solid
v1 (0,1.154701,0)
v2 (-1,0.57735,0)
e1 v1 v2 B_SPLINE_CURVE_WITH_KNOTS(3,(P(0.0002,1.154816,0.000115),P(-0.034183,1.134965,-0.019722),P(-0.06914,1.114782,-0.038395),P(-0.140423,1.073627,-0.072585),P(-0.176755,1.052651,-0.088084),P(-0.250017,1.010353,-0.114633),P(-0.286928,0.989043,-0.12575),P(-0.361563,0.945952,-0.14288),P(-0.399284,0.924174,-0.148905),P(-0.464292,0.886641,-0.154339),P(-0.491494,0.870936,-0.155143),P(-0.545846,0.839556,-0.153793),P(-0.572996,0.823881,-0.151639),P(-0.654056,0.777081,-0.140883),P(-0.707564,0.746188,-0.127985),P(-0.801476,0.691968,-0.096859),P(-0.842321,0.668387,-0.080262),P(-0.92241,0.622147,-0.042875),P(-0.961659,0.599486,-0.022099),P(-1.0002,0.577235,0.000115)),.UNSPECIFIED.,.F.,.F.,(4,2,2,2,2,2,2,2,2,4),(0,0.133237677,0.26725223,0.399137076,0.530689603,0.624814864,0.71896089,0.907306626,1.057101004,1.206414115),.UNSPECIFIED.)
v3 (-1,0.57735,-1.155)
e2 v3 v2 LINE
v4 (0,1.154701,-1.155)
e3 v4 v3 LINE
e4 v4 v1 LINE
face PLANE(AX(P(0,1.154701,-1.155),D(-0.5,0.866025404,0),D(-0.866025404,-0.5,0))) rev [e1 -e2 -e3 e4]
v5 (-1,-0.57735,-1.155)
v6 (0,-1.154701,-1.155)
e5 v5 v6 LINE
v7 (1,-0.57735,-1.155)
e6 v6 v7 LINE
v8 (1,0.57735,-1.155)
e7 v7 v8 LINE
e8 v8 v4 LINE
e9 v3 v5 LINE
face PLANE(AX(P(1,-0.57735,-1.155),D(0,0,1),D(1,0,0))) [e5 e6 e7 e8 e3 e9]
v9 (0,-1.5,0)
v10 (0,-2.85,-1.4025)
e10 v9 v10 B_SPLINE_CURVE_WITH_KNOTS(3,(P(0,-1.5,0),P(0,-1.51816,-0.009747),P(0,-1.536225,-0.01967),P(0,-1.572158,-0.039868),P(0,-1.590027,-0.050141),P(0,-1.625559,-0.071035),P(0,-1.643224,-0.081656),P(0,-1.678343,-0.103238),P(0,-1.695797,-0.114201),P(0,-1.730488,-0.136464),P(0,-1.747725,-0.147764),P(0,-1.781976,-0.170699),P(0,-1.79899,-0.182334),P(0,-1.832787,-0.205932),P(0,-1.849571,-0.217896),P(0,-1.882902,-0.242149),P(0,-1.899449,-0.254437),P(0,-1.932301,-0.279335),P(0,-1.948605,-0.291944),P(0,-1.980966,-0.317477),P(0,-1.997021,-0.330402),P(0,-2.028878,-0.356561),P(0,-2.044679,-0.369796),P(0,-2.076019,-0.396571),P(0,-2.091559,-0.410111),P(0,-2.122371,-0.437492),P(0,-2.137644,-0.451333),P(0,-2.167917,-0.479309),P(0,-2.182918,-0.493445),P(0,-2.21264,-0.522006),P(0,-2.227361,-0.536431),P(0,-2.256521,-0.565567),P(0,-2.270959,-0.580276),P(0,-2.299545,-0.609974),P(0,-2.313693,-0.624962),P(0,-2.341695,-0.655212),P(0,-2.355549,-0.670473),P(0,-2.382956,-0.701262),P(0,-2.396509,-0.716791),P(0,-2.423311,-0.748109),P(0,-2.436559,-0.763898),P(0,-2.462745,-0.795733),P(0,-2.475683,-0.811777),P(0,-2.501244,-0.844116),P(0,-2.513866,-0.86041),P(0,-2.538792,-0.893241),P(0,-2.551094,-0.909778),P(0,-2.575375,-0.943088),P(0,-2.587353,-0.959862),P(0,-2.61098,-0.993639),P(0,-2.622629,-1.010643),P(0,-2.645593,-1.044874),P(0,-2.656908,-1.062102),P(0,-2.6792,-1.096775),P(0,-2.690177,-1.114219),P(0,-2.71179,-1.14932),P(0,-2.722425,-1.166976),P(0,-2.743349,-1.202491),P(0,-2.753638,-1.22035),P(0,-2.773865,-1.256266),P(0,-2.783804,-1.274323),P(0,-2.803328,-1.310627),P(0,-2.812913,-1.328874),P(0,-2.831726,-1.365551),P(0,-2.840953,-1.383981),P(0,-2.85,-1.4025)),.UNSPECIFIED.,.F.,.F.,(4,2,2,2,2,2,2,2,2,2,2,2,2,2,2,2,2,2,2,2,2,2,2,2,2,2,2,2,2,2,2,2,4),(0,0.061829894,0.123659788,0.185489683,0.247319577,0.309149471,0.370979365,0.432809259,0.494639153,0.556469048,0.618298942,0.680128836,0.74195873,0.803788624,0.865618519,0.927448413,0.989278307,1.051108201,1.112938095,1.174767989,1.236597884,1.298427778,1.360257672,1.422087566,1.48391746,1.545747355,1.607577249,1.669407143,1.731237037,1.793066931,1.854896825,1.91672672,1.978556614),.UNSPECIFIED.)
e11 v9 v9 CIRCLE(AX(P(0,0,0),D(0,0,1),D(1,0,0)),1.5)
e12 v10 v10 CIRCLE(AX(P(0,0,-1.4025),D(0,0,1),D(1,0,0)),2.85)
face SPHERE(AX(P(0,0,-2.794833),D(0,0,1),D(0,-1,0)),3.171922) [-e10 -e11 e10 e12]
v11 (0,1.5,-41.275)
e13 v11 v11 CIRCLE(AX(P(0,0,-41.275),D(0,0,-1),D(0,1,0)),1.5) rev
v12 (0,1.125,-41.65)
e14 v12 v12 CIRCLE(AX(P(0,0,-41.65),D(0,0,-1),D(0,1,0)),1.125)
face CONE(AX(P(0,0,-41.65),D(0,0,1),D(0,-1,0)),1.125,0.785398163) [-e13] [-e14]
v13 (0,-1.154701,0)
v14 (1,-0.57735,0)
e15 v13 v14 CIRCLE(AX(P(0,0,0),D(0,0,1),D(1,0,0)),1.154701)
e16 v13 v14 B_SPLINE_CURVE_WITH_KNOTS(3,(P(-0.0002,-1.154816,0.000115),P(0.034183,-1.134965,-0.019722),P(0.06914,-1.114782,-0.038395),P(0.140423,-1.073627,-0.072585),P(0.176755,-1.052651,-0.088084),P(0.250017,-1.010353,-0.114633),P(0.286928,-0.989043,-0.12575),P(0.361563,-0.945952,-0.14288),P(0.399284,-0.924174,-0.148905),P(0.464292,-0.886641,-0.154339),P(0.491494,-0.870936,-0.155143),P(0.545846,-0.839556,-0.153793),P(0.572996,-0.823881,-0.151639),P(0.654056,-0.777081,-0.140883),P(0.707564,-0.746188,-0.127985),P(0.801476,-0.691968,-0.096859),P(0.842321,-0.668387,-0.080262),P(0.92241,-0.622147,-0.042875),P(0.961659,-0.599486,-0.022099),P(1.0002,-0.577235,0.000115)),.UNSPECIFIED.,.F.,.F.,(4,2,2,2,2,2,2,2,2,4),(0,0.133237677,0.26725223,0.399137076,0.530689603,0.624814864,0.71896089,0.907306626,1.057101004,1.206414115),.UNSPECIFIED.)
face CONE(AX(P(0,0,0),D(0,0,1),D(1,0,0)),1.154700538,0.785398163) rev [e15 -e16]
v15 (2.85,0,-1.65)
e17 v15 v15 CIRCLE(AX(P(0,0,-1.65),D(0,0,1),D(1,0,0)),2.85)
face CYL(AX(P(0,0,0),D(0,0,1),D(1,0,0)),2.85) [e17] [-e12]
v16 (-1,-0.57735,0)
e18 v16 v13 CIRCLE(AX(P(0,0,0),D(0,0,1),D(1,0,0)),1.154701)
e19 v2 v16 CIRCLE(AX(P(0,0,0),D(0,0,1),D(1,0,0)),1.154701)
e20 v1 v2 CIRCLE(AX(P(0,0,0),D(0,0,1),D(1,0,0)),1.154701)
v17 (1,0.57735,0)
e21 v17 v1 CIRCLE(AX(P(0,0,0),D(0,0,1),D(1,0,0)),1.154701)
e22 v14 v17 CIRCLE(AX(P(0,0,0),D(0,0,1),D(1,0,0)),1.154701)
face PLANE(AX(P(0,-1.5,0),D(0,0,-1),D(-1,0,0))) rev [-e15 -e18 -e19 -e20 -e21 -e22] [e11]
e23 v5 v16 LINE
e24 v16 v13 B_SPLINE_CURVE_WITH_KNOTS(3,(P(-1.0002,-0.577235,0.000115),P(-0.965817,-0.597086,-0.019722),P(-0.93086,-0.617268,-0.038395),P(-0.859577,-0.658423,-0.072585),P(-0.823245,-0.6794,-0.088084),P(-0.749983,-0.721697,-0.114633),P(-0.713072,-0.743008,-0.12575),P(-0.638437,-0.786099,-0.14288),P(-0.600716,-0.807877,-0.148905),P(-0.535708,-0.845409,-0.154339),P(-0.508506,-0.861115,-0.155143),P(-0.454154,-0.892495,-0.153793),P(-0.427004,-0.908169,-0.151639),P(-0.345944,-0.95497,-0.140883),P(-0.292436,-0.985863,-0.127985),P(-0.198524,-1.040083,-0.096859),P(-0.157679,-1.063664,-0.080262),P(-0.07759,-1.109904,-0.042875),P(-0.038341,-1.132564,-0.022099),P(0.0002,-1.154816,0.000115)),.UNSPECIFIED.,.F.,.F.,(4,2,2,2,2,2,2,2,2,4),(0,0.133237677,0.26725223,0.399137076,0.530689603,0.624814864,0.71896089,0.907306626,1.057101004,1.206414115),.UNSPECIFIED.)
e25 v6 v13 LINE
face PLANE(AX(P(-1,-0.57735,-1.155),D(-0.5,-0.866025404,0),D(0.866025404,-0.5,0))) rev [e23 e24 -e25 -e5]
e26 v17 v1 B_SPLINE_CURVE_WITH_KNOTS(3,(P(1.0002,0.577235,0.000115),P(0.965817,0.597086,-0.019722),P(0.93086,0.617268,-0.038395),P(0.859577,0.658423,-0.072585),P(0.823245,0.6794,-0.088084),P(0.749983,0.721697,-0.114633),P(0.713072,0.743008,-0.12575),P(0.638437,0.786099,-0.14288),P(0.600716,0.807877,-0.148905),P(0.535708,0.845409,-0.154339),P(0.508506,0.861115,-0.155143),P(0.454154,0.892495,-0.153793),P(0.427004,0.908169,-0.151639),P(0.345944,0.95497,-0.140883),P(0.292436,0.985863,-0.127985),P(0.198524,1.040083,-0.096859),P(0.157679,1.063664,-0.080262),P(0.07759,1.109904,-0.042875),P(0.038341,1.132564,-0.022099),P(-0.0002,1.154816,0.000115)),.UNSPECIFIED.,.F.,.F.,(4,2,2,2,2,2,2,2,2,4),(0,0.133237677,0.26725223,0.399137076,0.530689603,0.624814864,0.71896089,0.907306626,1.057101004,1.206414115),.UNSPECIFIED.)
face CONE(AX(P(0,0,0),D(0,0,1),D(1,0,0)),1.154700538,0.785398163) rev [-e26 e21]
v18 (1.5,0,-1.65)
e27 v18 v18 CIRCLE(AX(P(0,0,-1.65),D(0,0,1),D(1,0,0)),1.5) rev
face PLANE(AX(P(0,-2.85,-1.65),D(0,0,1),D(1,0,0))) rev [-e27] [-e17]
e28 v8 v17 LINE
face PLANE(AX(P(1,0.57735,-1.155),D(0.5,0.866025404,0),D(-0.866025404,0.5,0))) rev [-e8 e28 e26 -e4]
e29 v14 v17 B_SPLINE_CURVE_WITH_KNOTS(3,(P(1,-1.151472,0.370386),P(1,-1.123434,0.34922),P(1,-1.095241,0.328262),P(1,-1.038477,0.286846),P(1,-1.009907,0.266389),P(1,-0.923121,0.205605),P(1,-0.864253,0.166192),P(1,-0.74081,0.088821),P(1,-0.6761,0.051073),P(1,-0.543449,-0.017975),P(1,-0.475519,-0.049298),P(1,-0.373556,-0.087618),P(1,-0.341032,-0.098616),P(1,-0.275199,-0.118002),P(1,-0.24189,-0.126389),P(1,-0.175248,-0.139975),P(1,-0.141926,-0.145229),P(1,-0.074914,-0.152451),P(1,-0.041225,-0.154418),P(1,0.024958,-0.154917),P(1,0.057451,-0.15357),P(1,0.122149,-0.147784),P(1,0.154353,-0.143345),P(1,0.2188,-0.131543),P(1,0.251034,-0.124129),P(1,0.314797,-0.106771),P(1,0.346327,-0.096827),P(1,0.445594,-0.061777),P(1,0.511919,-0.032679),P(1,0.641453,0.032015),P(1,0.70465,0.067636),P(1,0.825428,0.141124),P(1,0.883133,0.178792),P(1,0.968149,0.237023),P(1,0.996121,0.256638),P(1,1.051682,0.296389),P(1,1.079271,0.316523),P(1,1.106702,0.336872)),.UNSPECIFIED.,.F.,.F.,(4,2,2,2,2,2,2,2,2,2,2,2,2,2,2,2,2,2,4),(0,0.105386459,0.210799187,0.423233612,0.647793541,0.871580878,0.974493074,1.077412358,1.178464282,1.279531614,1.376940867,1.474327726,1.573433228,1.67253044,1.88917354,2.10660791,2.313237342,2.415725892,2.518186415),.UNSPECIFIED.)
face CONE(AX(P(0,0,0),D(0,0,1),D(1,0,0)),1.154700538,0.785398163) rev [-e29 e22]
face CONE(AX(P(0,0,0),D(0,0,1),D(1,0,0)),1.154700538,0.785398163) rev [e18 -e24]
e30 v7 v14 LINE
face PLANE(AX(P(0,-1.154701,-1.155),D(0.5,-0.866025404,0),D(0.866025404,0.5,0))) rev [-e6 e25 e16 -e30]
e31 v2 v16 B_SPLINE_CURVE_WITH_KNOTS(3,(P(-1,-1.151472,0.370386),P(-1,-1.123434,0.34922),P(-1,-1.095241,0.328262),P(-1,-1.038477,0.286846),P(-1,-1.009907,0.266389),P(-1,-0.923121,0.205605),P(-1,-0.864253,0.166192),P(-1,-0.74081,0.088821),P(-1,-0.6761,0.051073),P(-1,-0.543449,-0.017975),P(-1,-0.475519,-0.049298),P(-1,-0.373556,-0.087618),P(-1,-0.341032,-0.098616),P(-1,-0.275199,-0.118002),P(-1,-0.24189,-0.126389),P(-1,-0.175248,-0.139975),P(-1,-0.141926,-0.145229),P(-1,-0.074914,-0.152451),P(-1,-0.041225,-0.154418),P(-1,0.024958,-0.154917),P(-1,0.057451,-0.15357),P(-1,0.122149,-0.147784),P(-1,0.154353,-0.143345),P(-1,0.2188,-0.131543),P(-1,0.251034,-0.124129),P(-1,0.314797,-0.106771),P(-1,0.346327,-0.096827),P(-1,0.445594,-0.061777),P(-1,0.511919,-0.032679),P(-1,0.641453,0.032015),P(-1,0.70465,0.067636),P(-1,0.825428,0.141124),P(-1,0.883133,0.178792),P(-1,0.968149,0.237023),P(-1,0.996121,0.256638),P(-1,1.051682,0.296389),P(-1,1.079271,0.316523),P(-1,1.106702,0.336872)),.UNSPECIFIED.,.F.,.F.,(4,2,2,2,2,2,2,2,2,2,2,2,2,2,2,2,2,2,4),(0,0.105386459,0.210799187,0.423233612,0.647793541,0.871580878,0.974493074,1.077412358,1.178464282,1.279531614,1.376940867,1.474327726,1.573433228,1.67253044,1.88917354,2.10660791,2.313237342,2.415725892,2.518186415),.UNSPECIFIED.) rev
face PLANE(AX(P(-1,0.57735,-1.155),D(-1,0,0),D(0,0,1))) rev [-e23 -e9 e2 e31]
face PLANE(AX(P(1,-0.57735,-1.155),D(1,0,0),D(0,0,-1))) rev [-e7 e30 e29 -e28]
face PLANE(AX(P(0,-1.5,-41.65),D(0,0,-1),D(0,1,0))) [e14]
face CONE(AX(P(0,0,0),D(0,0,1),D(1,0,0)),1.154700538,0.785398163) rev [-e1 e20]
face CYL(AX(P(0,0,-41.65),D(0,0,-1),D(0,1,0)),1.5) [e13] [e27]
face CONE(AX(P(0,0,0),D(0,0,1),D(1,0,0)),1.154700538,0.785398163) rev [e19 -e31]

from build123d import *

# Parameters (mm, degrees)
SKETCH1_W          = 40
SKETCH1_H          = 1.5
CHAMFER1_SIZE      = 0.375
CUT_EXTRUDE2_DEPTH = 1.155


with BuildPart() as part:
    # Sketch1 → Revolve1 (revolve)
    with BuildSketch(Plane(origin=(0, 0, 0), x_dir=(0, 0, -1), z_dir=(1, 0, 0))):
        with Locations((21.65, 0.75)):
            Rectangle(SKETCH1_W, SKETCH1_H)
    revolve(axis=Axis((0, 0, -41.65), (0, 0, 1)))

    # Chamfer1
    chamfer1_edges = [part.edges().sort_by_distance(p)[0] for p in [
        (0, -1.5, -41.65),
    ]]
    chamfer(chamfer1_edges, length=CHAMFER1_SIZE)

    # Sketch7 → Revolve2 (revolve)
    with BuildSketch(Plane(origin=(0, 0, 0), x_dir=(0, 0, -1), z_dir=(1, 0, 0)), mode=Mode.PRIVATE) as revolve2_sk:
        with BuildLine():
            Line((1.4025, 2.85), (1.65, 2.85))
            Line((1.65, 2.85), (1.65, 0))
            Line((1.65, 0), (0, 0))
            Line((0, 0), (0, 1.5))
            ThreePointArc((0, 1.5), (0.59512511, 2.285251969), (1.4025, 2.85))
        make_face()
    revolve(revolve2_sk.sketch.rotate(Axis((0, 0, 0), (0, 0, -1)), 180), axis=Axis((0, 0, 0), (0, 0, -1)))

    # Sketch5 → Cut-Extrude2 (cut)
    with BuildSketch(Plane.XY):
        Polygon((1, -0.577350269), (1, 0.577350269), (0, 1.154700538), (-1, 0.577350269), (-1, -0.577350269), (0, -1.154700538), align=None)
    extrude(amount=-CUT_EXTRUDE2_DEPTH, mode=Mode.SUBTRACT)

    # Cut-Extrude3 cone 1 section (through the dimple's axis) → Cut-Extrude3 (revolve, cut)
    with BuildSketch(Plane(origin=(0, 0, 0), x_dir=(0, -1, 0), z_dir=(1, 0, 0))):
        Polygon((0, 0), (1.154700538, 0), (0, 1.154700538), align=None)
    revolve(axis=Axis((0, 0, 0), (0, 0, -1)), mode=Mode.SUBTRACT)


solid = part.part
